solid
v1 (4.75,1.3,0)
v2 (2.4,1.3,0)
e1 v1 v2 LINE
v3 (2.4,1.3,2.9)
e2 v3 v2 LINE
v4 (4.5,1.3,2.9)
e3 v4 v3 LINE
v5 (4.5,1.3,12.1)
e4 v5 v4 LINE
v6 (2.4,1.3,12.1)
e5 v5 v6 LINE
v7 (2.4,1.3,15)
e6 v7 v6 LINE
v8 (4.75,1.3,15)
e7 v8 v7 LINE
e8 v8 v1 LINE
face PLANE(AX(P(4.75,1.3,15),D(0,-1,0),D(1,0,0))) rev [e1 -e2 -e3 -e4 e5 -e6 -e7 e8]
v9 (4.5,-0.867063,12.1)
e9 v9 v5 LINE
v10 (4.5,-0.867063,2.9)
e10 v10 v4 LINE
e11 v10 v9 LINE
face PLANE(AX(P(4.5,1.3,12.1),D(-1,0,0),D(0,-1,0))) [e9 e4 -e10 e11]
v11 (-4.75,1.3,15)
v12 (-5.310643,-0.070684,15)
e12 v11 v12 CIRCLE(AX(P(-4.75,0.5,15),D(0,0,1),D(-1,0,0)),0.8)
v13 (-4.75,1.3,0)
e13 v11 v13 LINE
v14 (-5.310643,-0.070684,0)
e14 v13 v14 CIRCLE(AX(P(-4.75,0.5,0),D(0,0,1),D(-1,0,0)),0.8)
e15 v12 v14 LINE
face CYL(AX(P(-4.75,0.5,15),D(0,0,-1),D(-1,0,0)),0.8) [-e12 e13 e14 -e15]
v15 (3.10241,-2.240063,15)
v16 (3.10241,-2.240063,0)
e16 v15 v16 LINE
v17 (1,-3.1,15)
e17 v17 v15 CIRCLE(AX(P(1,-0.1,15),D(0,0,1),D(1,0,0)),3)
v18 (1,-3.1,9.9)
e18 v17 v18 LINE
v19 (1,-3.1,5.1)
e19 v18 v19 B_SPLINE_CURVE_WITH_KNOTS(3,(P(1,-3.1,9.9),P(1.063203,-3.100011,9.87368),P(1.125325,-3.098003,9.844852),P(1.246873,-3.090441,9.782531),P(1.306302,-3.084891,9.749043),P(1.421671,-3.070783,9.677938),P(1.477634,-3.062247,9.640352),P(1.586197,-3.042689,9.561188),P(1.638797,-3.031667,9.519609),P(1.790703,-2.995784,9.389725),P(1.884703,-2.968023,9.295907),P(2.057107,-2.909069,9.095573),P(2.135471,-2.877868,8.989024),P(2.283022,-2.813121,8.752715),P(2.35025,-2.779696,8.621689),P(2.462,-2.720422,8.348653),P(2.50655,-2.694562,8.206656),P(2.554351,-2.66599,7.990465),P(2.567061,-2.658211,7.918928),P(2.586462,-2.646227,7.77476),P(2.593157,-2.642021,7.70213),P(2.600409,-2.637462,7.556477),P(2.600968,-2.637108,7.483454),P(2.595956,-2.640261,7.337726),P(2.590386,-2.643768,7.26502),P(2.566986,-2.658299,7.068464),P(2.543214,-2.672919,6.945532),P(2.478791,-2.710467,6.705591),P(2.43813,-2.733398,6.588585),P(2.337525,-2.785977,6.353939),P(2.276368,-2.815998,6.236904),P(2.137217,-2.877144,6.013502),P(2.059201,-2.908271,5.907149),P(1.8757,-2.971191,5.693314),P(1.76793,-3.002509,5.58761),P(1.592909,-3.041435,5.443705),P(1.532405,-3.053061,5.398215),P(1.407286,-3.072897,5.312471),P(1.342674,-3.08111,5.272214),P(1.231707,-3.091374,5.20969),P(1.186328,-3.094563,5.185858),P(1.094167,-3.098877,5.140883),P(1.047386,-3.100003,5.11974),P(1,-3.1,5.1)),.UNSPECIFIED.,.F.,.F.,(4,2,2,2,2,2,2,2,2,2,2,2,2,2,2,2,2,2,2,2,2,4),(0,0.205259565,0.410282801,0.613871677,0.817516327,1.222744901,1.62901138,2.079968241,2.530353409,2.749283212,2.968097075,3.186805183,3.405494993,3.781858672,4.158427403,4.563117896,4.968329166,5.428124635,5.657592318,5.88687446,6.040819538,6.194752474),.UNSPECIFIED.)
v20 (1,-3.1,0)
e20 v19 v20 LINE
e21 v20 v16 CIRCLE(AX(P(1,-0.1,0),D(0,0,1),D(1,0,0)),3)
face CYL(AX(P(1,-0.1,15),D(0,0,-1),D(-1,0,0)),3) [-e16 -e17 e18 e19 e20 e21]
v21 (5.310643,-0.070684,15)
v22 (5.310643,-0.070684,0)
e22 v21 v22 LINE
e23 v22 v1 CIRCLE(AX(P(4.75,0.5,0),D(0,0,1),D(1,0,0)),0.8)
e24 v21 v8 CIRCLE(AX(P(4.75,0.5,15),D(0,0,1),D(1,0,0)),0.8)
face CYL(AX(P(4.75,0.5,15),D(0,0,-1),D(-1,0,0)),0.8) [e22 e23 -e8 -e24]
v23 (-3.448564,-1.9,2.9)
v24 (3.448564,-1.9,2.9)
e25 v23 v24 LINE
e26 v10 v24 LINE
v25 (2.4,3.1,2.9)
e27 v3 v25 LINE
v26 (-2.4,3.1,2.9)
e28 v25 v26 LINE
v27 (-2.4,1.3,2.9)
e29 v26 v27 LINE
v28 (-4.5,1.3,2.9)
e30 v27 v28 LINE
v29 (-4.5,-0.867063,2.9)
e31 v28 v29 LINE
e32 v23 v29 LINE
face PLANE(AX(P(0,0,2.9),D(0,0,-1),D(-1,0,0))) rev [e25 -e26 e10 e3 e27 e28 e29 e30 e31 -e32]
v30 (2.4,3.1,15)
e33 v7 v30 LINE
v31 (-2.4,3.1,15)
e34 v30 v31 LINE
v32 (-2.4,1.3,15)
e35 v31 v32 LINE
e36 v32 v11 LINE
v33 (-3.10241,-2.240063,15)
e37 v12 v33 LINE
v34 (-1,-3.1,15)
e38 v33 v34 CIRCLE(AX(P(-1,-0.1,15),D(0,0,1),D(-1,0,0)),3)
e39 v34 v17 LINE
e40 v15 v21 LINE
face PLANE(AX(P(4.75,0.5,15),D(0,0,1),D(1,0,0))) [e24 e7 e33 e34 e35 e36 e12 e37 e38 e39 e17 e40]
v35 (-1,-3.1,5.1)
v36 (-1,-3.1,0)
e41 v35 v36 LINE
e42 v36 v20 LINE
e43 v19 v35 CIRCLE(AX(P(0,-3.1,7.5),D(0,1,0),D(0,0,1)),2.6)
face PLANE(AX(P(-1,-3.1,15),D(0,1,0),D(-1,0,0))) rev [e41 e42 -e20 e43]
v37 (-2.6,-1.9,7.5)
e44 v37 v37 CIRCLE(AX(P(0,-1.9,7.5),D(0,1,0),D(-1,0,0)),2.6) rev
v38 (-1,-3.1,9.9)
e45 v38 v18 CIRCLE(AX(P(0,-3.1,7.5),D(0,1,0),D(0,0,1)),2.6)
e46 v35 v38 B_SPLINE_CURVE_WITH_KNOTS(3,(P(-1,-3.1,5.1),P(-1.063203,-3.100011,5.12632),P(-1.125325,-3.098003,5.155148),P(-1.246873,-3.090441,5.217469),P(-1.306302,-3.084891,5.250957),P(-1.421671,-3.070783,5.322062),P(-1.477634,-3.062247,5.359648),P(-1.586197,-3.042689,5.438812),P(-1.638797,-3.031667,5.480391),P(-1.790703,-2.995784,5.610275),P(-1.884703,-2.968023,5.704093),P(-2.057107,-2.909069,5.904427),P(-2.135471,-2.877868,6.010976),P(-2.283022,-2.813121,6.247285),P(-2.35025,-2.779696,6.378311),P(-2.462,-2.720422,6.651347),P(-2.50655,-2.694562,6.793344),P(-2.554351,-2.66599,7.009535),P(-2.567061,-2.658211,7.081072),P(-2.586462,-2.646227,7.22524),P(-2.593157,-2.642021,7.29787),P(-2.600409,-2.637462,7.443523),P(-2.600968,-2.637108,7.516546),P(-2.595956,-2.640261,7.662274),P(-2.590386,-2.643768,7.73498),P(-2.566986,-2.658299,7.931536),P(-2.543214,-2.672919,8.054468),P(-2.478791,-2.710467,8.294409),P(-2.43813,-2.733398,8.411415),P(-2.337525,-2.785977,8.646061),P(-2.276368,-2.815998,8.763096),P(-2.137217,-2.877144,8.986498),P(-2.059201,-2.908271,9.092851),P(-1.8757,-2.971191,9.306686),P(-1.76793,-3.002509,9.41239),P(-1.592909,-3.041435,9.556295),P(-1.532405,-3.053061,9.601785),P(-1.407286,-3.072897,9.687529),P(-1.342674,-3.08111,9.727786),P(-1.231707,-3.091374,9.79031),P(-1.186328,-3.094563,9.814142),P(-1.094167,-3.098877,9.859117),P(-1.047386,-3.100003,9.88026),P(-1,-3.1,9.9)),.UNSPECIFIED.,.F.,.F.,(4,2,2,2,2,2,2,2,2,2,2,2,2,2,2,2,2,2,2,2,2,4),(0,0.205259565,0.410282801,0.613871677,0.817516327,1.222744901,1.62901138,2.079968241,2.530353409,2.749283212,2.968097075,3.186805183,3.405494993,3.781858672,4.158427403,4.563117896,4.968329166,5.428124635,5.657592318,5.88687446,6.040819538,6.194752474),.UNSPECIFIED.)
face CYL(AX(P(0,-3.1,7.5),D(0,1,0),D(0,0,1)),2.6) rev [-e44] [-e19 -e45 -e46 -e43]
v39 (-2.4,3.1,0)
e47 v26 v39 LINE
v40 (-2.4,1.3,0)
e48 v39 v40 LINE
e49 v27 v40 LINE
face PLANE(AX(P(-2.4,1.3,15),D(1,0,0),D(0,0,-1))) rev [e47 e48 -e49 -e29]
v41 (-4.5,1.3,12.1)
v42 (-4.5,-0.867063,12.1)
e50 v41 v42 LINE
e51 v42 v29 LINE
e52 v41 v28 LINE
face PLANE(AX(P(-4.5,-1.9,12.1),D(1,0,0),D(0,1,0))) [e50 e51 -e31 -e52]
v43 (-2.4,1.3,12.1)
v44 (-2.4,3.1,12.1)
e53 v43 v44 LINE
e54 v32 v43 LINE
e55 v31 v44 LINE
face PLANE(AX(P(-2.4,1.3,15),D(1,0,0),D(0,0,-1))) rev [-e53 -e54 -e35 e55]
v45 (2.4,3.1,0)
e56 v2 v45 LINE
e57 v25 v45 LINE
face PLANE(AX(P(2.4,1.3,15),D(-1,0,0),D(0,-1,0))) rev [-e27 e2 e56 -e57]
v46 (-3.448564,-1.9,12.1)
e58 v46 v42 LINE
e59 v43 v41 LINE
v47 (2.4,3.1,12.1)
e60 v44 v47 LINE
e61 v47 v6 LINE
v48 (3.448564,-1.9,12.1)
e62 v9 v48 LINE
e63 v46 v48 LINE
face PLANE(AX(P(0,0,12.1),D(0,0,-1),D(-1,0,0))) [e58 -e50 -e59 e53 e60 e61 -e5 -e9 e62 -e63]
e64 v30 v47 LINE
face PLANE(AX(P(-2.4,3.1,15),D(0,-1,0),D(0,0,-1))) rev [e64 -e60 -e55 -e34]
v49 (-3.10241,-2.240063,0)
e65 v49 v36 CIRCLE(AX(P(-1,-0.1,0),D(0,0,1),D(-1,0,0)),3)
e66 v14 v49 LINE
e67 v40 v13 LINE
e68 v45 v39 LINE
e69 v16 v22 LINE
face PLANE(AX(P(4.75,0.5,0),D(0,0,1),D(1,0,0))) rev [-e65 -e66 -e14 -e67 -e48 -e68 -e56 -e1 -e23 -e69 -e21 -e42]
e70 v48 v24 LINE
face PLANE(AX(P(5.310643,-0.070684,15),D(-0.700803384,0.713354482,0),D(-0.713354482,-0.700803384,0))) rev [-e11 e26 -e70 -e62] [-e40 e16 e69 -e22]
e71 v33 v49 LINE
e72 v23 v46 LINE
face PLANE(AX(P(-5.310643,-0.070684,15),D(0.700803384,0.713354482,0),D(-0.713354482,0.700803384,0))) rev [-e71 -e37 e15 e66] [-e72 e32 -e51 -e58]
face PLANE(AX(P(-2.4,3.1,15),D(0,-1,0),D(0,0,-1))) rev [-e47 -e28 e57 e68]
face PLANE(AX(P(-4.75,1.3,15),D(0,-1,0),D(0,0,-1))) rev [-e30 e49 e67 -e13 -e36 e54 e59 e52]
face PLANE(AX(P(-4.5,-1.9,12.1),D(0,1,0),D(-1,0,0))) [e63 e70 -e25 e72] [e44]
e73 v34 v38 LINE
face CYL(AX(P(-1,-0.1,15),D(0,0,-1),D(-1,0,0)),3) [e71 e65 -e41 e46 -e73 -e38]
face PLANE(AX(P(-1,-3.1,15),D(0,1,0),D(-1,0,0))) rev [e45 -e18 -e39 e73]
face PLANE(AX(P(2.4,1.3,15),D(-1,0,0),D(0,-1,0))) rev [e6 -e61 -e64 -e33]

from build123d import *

# Parameters (mm, degrees)
BOSS_EXTRUDE1_DEPTH     = 15
SKETCH2_R               = 2.6
CUT_EXTRUDE1_DEPTH      = 18.153498186
CUT_EXTRUDE2_DEPTH      = 4.6
CUT_EXTRUDE2_DEPTH_BACK = 4.6
SKETCH6_W               = 9
SKETCH6_H               = 3.2
SKETCH7_W               = 9
SKETCH7_H               = 9.2
CUT_EXTRUDE3_DEPTH      = 17.588022904


with BuildPart() as part:
    # Sketch1 → Boss-Extrude1 (new body)
    with BuildSketch(Plane.XY):
        with BuildLine():
            Line((-4.75, 1.3), (-2.4, 1.3))
            Line((-2.4, 1.3), (-2.4, 3.1))
            Line((-2.4, 3.1), (2.4, 3.1))
            Line((2.4, 3.1), (2.4, 1.3))
            Line((2.4, 1.3), (4.75, 1.3))
            ThreePointArc((4.75, 1.3), (5.490454883, 0.802863939), (5.310642707, -0.070683586))
            Line((5.310642707, -0.070683586), (3.102410151, -2.240063447))
            ThreePointArc((3.102410151, -2.240063447), (2.135739772, -2.876705813), (1, -3.1))
            Line((1, -3.1), (-1, -3.1))
            ThreePointArc((-1, -3.1), (-2.135739772, -2.876705813), (-3.102410151, -2.240063447))
            Line((-3.102410151, -2.240063447), (-5.310642707, -0.070683586))
            ThreePointArc((-5.310642707, -0.070683586), (-5.490454883, 0.802863939), (-4.75, 1.3))
        make_face()
    extrude(amount=BOSS_EXTRUDE1_DEPTH)

    # Sketch2 → Cut-Extrude1 (cut, through all)
    with BuildSketch(Plane(origin=(0, 3.1, 0), x_dir=(1, 0, 0), z_dir=(0, 1, 0))):
        with Locations(Location((0, -7.5, 0), (0, 0, 247.380135052))):
            Circle(SKETCH2_R)
    extrude(amount=-CUT_EXTRUDE1_DEPTH, mode=Mode.SUBTRACT)

    # Sketch6 → Cut-Extrude2 (cut, two sides: drawn at the far end of the back side and taken through both)
    with BuildSketch(Plane.XY.offset(7.5).offset(-CUT_EXTRUDE2_DEPTH_BACK)):
        with Locations((0, -0.3)):
            Rectangle(SKETCH6_W, SKETCH6_H)
    extrude(amount=CUT_EXTRUDE2_DEPTH + CUT_EXTRUDE2_DEPTH_BACK, mode=Mode.SUBTRACT)

    # Sketch7 → Cut-Extrude3 (cut, through all)
    with BuildSketch(Plane(origin=(0, 1.3, 0), x_dir=(1, 0, 0), z_dir=(0, 1, 0))):
        with Locations((0, -7.5)):
            Rectangle(SKETCH7_W, SKETCH7_H)
    extrude(amount=CUT_EXTRUDE3_DEPTH, mode=Mode.SUBTRACT)


solid = part.part
